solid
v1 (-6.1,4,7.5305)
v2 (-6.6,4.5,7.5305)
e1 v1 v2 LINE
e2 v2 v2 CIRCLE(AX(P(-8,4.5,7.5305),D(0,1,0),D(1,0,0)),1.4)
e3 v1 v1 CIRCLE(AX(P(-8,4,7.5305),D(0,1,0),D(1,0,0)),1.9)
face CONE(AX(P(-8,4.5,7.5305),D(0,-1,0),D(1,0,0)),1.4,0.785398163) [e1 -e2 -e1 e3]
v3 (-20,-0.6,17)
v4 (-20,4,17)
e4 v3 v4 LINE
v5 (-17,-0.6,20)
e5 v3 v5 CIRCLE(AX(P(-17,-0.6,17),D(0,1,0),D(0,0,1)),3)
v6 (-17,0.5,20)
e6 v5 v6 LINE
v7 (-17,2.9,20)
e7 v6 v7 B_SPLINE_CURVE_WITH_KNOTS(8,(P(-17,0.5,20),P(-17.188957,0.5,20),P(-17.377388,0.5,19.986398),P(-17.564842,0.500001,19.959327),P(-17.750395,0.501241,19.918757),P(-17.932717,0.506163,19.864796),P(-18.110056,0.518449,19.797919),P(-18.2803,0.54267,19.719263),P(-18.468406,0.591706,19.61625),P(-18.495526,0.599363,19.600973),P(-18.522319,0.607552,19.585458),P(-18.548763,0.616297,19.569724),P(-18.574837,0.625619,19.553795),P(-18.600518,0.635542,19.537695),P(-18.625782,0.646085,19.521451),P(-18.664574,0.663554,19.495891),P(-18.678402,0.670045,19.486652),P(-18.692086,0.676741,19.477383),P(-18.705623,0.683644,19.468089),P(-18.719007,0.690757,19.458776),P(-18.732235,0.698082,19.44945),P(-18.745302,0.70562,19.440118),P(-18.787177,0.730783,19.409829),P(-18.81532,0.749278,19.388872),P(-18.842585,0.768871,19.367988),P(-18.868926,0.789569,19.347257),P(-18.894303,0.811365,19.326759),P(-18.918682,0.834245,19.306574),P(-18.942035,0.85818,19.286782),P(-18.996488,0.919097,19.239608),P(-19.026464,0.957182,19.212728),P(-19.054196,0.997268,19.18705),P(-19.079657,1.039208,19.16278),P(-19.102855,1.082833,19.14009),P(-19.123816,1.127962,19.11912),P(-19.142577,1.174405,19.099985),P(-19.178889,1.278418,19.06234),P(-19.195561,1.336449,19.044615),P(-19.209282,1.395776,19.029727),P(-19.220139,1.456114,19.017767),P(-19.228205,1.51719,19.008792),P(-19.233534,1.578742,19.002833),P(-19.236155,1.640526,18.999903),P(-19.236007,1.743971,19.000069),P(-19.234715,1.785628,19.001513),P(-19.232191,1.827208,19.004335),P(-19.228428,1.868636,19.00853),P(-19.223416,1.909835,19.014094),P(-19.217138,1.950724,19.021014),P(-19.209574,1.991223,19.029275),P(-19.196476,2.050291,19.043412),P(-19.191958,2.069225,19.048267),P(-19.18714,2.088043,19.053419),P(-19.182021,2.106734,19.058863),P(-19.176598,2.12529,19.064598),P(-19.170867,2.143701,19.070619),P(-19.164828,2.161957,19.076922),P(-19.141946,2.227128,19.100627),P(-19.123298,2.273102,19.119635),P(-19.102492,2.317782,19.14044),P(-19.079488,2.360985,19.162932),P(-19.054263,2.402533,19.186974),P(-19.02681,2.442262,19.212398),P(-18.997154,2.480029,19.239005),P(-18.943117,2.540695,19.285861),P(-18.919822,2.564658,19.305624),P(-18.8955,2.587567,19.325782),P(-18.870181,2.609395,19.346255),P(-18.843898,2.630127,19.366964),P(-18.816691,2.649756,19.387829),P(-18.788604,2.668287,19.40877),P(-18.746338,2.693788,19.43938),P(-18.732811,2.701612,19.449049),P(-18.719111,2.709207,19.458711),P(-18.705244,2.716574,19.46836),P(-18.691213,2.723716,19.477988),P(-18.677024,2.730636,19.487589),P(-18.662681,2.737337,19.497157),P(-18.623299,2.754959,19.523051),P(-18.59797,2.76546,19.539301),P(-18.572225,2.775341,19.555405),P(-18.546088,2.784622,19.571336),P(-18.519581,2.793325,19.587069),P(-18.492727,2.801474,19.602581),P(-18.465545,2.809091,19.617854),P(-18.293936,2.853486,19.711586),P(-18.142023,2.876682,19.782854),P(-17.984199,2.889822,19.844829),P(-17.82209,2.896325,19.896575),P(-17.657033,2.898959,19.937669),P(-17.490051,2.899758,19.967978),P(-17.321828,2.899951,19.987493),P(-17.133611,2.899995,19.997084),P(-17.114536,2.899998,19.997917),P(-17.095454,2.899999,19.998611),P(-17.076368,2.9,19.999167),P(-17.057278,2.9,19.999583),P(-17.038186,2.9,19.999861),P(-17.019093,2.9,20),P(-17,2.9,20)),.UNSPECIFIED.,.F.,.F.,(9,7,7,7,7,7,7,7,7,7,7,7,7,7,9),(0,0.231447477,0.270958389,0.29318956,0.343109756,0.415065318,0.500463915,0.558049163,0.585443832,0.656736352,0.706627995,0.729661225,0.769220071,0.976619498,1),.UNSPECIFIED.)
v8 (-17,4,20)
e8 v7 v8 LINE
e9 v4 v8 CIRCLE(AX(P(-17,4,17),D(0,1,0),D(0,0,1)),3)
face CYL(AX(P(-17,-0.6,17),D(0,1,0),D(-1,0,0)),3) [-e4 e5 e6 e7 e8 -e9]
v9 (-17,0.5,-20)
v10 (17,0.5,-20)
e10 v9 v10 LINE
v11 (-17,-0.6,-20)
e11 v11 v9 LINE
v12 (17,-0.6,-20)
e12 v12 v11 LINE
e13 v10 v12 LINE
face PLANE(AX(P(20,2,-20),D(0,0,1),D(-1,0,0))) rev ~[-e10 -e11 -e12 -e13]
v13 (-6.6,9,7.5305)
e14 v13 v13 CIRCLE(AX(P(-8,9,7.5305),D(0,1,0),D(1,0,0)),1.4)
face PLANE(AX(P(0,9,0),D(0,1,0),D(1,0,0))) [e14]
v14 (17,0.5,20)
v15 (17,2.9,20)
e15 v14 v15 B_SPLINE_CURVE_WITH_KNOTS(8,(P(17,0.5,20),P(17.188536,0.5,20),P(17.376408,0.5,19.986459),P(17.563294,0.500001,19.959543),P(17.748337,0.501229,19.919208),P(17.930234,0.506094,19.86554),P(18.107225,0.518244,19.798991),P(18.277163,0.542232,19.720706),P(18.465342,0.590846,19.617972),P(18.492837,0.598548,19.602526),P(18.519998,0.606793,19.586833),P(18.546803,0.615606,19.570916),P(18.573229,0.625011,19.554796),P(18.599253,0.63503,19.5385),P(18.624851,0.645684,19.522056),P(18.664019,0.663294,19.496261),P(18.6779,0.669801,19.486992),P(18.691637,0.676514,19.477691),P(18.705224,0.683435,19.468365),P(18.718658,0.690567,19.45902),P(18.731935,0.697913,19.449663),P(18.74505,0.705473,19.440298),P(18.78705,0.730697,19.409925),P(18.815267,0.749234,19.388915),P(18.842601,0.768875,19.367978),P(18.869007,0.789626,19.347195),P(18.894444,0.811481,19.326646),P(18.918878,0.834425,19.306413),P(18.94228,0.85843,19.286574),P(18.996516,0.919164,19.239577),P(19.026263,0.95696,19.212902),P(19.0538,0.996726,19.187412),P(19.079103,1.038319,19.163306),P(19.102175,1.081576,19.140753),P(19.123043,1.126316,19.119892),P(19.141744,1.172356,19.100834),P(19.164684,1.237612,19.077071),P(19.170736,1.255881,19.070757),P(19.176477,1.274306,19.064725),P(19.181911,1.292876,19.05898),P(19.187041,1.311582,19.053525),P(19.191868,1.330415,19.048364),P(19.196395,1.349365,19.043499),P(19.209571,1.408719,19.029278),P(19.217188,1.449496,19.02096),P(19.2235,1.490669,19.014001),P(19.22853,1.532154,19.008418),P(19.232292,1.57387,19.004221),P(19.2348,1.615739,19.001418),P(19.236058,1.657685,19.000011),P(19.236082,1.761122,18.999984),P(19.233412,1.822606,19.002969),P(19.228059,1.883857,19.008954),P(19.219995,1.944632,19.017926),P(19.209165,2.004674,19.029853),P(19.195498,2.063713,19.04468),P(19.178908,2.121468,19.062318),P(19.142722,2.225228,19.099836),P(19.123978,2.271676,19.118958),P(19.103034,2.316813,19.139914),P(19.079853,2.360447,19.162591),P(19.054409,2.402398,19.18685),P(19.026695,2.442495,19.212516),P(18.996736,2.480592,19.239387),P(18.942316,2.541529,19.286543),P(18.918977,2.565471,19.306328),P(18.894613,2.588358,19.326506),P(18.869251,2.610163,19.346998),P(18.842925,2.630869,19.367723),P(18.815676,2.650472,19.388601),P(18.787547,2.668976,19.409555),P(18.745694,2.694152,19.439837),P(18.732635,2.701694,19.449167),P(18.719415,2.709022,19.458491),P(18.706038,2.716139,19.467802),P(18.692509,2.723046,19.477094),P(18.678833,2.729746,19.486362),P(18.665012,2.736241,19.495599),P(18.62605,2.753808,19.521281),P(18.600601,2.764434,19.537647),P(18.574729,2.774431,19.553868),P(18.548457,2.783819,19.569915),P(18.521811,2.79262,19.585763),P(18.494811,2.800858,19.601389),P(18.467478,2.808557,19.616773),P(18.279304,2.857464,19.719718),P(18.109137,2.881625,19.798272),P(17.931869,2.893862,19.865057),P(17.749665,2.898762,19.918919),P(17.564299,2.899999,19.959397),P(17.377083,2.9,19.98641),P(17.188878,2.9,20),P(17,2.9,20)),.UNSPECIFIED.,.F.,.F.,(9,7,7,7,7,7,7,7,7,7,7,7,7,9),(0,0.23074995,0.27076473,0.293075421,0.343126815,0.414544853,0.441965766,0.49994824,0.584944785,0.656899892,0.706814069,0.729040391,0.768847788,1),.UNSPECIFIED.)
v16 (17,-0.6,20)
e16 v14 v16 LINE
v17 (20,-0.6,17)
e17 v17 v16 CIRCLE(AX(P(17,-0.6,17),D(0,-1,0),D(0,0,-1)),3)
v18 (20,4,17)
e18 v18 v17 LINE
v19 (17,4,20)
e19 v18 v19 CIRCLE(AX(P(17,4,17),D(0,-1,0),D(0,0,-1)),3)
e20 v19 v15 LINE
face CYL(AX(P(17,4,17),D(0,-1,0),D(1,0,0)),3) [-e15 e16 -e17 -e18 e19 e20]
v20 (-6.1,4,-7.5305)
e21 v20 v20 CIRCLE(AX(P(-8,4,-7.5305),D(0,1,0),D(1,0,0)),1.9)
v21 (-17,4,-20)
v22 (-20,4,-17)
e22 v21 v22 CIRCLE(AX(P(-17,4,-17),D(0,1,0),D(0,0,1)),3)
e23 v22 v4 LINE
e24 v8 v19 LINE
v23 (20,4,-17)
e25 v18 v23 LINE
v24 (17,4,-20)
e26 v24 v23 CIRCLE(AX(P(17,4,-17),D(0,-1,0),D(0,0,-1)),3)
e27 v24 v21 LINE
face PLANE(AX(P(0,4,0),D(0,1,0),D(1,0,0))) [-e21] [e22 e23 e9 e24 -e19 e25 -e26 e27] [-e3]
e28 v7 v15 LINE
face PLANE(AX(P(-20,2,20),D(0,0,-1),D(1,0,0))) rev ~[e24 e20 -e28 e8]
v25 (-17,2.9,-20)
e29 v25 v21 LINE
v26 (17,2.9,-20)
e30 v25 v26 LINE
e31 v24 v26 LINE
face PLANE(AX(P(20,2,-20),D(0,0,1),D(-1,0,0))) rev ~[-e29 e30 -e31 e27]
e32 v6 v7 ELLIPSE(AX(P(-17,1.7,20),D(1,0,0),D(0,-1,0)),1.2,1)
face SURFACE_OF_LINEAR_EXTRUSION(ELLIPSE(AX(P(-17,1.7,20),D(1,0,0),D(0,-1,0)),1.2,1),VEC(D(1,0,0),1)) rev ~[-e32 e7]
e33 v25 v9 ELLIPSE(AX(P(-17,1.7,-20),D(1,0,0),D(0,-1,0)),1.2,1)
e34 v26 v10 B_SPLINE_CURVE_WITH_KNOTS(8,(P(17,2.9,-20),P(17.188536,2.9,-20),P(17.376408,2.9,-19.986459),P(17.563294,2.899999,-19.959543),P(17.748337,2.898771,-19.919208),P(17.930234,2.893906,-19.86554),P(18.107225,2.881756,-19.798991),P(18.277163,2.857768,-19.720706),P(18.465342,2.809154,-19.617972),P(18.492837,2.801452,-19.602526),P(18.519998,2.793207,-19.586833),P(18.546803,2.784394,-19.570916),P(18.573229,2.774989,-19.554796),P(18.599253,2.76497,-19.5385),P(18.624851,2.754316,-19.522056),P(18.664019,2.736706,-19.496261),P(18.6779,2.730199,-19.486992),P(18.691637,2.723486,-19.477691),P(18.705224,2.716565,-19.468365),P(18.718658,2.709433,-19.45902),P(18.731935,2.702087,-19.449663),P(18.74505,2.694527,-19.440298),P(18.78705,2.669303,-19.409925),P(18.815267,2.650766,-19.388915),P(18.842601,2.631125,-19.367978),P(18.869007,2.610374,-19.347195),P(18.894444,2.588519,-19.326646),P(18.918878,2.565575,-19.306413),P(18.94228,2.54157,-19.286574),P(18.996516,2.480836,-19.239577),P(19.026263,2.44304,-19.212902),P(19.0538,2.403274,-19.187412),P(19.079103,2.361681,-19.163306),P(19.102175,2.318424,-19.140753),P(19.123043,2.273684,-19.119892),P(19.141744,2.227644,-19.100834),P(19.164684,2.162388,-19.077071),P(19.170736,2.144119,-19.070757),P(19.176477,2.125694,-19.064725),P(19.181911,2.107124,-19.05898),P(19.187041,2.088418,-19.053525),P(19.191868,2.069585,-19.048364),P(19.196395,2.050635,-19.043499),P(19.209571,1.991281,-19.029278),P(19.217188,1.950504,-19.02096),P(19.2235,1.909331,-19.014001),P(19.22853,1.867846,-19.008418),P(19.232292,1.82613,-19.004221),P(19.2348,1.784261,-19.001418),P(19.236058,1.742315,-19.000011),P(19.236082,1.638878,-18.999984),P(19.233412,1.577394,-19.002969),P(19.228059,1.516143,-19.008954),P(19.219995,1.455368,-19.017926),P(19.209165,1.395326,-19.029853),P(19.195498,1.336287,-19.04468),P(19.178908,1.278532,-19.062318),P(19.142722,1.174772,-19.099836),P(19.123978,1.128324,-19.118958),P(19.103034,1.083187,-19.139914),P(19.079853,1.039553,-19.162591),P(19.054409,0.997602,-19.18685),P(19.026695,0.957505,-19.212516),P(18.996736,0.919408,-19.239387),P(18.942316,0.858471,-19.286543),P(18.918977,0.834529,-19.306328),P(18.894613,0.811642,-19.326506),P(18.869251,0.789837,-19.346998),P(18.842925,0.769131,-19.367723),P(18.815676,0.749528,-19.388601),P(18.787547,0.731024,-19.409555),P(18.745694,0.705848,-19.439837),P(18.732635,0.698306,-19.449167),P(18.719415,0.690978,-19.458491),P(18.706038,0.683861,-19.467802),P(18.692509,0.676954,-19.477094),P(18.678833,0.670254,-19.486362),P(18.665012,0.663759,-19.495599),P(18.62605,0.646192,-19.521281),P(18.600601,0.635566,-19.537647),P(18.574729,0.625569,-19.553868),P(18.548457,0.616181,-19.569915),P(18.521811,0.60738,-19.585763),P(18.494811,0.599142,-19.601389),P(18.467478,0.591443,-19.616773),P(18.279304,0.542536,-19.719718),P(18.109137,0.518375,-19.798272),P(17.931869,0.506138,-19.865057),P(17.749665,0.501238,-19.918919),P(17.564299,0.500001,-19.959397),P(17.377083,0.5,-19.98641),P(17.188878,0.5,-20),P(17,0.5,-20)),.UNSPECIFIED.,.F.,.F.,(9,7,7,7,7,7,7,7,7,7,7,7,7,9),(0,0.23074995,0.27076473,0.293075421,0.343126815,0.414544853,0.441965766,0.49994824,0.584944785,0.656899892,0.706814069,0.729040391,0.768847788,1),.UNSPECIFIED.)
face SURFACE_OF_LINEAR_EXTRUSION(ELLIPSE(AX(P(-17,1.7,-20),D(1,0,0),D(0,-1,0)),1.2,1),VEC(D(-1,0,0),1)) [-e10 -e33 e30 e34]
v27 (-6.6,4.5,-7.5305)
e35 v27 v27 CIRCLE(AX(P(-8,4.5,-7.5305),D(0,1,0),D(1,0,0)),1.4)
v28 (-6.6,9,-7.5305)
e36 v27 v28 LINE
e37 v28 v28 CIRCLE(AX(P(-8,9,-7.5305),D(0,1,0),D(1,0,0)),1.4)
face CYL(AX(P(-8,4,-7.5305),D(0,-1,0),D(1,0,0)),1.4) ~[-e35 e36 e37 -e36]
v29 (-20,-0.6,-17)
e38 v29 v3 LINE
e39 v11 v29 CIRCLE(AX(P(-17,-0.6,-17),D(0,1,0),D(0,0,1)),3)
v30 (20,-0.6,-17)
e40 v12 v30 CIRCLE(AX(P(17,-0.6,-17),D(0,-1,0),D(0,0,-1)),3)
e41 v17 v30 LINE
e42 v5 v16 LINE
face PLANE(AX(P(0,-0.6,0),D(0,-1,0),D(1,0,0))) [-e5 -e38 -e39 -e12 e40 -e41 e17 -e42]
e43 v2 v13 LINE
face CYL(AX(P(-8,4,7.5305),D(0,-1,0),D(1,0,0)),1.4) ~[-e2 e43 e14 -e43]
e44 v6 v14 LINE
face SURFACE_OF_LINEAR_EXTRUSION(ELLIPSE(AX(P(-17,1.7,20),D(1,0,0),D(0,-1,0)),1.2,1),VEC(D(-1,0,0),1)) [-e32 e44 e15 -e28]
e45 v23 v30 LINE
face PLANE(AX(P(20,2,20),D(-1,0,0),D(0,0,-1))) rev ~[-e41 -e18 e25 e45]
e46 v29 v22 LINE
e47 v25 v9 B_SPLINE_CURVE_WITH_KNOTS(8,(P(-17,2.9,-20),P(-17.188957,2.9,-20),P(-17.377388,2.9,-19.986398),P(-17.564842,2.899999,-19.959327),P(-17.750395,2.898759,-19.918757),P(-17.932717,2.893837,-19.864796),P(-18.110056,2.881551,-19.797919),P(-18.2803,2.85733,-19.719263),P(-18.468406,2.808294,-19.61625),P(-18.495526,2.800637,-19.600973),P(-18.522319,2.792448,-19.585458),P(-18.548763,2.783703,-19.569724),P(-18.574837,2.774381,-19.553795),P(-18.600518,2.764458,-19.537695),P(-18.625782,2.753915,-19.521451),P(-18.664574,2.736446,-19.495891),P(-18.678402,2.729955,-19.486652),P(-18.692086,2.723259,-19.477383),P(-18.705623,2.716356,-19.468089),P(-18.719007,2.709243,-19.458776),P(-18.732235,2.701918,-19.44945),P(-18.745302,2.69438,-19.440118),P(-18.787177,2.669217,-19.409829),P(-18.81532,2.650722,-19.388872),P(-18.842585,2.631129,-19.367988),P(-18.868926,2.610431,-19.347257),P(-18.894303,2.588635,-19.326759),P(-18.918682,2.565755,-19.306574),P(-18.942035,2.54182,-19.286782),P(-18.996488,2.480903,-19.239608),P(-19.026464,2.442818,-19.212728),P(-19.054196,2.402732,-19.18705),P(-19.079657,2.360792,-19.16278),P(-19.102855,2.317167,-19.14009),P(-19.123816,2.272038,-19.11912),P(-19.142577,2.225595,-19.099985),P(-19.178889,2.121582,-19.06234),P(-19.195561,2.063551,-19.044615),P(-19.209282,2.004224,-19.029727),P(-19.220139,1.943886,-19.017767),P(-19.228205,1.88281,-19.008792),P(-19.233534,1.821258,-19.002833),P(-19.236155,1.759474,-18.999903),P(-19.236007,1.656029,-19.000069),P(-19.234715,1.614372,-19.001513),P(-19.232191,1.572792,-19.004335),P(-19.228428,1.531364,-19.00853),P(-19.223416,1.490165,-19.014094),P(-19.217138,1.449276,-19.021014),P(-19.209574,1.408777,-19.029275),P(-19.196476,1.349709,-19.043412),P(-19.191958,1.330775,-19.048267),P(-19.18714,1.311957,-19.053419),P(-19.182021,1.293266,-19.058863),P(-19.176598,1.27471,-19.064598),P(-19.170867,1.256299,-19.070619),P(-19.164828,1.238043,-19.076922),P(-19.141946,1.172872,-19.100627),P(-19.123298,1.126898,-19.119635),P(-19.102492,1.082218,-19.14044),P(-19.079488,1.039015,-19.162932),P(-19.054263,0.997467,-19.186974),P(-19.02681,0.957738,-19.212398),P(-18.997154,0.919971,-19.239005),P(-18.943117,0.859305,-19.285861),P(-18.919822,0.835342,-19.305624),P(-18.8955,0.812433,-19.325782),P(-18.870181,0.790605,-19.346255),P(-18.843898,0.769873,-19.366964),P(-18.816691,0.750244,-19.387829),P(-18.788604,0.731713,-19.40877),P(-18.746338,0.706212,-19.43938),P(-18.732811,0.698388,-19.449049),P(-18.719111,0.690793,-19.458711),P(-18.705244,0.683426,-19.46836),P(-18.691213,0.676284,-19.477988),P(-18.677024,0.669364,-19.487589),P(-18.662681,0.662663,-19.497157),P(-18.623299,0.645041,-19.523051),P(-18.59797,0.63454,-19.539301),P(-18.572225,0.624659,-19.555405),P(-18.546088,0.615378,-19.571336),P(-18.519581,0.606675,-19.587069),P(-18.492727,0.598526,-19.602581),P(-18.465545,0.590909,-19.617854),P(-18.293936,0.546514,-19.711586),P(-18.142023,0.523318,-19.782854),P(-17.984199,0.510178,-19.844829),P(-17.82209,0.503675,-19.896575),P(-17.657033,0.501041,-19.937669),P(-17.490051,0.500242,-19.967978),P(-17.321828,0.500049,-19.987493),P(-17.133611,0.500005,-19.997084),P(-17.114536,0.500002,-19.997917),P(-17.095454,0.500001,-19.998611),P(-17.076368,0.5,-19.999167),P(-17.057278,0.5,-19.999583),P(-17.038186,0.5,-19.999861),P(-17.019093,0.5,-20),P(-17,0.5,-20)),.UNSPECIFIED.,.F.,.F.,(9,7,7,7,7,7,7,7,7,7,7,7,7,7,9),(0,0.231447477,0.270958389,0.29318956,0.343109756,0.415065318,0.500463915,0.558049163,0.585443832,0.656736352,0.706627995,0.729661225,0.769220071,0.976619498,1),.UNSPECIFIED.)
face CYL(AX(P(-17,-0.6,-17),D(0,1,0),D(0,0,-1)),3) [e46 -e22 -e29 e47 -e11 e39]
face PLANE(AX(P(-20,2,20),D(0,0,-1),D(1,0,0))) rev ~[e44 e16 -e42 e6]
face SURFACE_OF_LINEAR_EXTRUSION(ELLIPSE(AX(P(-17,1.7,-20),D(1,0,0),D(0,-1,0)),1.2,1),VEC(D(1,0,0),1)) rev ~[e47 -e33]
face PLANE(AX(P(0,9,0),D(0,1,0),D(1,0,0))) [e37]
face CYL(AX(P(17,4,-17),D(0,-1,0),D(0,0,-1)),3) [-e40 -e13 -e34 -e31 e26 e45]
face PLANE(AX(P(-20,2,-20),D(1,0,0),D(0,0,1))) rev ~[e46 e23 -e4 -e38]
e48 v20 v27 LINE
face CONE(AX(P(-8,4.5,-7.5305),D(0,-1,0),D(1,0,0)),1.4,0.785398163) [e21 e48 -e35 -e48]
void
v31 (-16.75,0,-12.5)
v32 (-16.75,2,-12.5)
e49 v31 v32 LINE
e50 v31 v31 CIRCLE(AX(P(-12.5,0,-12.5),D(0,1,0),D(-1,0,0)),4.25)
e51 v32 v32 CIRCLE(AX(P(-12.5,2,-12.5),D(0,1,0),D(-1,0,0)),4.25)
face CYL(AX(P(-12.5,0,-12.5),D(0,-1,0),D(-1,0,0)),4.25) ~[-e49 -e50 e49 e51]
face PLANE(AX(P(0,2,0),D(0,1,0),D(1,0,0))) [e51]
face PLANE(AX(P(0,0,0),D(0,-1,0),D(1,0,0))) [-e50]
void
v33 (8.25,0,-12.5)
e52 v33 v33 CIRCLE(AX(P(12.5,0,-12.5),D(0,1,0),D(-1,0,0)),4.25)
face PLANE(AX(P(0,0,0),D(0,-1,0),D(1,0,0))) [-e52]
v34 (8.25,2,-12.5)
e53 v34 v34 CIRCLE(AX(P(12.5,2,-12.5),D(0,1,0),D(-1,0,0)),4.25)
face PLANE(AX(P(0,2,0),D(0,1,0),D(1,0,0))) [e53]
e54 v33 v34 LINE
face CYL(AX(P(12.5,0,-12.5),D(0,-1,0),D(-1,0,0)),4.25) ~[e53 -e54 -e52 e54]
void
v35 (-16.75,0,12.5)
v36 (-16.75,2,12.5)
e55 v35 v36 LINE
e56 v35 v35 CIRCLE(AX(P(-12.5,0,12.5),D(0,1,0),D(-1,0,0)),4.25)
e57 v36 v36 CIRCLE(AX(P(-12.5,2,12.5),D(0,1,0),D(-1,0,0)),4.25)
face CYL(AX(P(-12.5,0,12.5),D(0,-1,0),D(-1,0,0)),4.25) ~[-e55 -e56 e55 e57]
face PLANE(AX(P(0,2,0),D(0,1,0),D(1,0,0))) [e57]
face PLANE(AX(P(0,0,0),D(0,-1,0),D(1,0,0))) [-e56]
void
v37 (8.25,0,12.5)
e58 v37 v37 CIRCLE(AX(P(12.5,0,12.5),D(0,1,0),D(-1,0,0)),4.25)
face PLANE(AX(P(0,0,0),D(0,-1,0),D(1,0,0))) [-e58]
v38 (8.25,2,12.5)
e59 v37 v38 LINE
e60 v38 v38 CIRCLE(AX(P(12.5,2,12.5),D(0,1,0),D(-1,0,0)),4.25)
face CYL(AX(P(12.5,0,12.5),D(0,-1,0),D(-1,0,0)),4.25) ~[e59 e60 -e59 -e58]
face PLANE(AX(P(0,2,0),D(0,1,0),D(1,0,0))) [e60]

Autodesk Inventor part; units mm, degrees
ref_plane "YZ Plane" through (0, 0, 0) normal (1, 0, 0) x (0, 1, 0)
ref_plane "XZ Plane" through (0, 0, 0) normal (0, 1, 0) x (-1, 0, 0)
sketch "Sketch1" plane through (0, 0, 0) normal (0, 1, 0) x (-1, 0, 0)
  line L0 (20, 20) -> (-20, 20)
  line L1 (-20, 20) -> (-20, -20)
  line L2 (-20, -20) -> (20, -20)
  line L3 (20, -20) -> (20, 20)
  circle A0 centre (12.5, 12.5) radius 4.25
  circle A1 centre (12.5, -12.5) radius 4.25
  circle A2 centre (-12.5, -12.5) radius 4.25
  circle A3 centre (-12.5, 12.5) radius 4.25
  line L4 (20, 0) -> (-20, 0) construction
  line L5 (0, 20) -> (0, -20) construction
  point P0 (0, 0)
  dimension "d0" = 40
  dimension "d1" = 40
  dimension "d2" = 8.5
  dimension "d3" = 25
  dimension "d4" = 25
extrude "Extrusion2" add sketch "Sketch1" along normal blind 2
sketch "Sketch2" plane through (0, 0, 0) normal (0, -1, 0) x (1, 0, 0)
  line L0 (20, 20) -> (20, -20) projected
  line L1 (-20, 20) -> (20, 20) projected
  line L2 (-20, -20) -> (-20, 20) projected
  line L3 (20, -20) -> (-20, -20) projected
  point P0 (0, 0)
extrude "Extrusion3" add sketch "Sketch2" along normal blind 0.6
sketch "Sketch3" plane through (0, 2, 0) normal (0, 1, 0) x (1, 0, 0)
  line L0 (-20, 20) -> (-20, -20) projected
  line L1 (-20, -20) -> (20, -20) projected
  line L2 (20, -20) -> (20, 20) projected
  line L3 (20, 20) -> (-20, 20) projected
  point P0 (0, 0)
extrude "Extrusion4" add sketch "Sketch3" along normal blind 2
sketch "Sketch4" plane through (0, 4, 0) normal (0, 1, 0) x (1, 0, 0)
  circle A0 centre (-8, -7.5305) radius 1.4
  circle A1 centre (-8, 7.5305) radius 1.4
  line L0 (-20, -20) -> (-20, 20) projected
  line L1 (-20, 0) -> (20, 0) construction
  line L2 (20, 20) -> (20, -20) projected
  point P0 (0, 0)
  dimension "d13" = 15.061
  dimension "d14" = 2.8
  dimension "d15" = 12
extrude "Extrusion5" add sketch "Sketch4" along normal blind 5
chamfer "Chamfer1" distance 0.5 angle 45 2 edges at (-9.4, 4, 7.5305) (-9.4, 4, -7.5305)
fillet "Fillet1" radius 3 4 edges at (-20, 1.7, 20) (-20, 1.7, -20) (20, 1.7, 20) (20, 1.7, -20)
ref_plane "Arbeitsebene1" through (-17, 4, 20) normal (1, 0, 0) x (0, -1, 0)
sketch "Skizze5" plane through (-17, 4, 20) normal (1, 0, 0) x (0, -1, 0)
  line L0 (0, 0) -> (4.6, 0) construction
  line L1 (0, 0) -> (0, 3) construction
  line L2 (0.7, 0) -> (3.5, 0) construction
  line L3 (6.1491, 20) -> (-1.642, 20) construction
  line L4 (0, 40) -> (4.6, 40) construction
  line L5 (0.7, 40) -> (3.5, 40) construction
  line L6 (2.3, 0) -> (2.3, 4.6722) construction
  ellipse E0 centre (2.3, 0) end of major axis (3.5, 0) minor radius 1
  line L7 (1.1, 0) -> (3.5, 0)
  line L8 (0, 40) -> (4.6, 40) construction
  line L9 (0.7, 40) -> (3.5, 40) construction
  ellipse E1 centre (2.3, 40) end of major axis (3.5, 40) minor radius 1
  line L10 (1.1, 40) -> (3.5, 40)
  point P0 (4, 20)
  point P1 (2.3, 1)
  dimension "d22" = 2.3
  dimension "d23" = 1.2
  dimension "d28" = 1
extrude "Extrusion7" cut sketch "Skizze5" along normal blind 37 and the other way blind 5 contours L7 E0 | E1 L10 picked at (2.3176, 0.333) picked at (2.2824, 39.667)
properties part number "IMU_mount_baseplate"
